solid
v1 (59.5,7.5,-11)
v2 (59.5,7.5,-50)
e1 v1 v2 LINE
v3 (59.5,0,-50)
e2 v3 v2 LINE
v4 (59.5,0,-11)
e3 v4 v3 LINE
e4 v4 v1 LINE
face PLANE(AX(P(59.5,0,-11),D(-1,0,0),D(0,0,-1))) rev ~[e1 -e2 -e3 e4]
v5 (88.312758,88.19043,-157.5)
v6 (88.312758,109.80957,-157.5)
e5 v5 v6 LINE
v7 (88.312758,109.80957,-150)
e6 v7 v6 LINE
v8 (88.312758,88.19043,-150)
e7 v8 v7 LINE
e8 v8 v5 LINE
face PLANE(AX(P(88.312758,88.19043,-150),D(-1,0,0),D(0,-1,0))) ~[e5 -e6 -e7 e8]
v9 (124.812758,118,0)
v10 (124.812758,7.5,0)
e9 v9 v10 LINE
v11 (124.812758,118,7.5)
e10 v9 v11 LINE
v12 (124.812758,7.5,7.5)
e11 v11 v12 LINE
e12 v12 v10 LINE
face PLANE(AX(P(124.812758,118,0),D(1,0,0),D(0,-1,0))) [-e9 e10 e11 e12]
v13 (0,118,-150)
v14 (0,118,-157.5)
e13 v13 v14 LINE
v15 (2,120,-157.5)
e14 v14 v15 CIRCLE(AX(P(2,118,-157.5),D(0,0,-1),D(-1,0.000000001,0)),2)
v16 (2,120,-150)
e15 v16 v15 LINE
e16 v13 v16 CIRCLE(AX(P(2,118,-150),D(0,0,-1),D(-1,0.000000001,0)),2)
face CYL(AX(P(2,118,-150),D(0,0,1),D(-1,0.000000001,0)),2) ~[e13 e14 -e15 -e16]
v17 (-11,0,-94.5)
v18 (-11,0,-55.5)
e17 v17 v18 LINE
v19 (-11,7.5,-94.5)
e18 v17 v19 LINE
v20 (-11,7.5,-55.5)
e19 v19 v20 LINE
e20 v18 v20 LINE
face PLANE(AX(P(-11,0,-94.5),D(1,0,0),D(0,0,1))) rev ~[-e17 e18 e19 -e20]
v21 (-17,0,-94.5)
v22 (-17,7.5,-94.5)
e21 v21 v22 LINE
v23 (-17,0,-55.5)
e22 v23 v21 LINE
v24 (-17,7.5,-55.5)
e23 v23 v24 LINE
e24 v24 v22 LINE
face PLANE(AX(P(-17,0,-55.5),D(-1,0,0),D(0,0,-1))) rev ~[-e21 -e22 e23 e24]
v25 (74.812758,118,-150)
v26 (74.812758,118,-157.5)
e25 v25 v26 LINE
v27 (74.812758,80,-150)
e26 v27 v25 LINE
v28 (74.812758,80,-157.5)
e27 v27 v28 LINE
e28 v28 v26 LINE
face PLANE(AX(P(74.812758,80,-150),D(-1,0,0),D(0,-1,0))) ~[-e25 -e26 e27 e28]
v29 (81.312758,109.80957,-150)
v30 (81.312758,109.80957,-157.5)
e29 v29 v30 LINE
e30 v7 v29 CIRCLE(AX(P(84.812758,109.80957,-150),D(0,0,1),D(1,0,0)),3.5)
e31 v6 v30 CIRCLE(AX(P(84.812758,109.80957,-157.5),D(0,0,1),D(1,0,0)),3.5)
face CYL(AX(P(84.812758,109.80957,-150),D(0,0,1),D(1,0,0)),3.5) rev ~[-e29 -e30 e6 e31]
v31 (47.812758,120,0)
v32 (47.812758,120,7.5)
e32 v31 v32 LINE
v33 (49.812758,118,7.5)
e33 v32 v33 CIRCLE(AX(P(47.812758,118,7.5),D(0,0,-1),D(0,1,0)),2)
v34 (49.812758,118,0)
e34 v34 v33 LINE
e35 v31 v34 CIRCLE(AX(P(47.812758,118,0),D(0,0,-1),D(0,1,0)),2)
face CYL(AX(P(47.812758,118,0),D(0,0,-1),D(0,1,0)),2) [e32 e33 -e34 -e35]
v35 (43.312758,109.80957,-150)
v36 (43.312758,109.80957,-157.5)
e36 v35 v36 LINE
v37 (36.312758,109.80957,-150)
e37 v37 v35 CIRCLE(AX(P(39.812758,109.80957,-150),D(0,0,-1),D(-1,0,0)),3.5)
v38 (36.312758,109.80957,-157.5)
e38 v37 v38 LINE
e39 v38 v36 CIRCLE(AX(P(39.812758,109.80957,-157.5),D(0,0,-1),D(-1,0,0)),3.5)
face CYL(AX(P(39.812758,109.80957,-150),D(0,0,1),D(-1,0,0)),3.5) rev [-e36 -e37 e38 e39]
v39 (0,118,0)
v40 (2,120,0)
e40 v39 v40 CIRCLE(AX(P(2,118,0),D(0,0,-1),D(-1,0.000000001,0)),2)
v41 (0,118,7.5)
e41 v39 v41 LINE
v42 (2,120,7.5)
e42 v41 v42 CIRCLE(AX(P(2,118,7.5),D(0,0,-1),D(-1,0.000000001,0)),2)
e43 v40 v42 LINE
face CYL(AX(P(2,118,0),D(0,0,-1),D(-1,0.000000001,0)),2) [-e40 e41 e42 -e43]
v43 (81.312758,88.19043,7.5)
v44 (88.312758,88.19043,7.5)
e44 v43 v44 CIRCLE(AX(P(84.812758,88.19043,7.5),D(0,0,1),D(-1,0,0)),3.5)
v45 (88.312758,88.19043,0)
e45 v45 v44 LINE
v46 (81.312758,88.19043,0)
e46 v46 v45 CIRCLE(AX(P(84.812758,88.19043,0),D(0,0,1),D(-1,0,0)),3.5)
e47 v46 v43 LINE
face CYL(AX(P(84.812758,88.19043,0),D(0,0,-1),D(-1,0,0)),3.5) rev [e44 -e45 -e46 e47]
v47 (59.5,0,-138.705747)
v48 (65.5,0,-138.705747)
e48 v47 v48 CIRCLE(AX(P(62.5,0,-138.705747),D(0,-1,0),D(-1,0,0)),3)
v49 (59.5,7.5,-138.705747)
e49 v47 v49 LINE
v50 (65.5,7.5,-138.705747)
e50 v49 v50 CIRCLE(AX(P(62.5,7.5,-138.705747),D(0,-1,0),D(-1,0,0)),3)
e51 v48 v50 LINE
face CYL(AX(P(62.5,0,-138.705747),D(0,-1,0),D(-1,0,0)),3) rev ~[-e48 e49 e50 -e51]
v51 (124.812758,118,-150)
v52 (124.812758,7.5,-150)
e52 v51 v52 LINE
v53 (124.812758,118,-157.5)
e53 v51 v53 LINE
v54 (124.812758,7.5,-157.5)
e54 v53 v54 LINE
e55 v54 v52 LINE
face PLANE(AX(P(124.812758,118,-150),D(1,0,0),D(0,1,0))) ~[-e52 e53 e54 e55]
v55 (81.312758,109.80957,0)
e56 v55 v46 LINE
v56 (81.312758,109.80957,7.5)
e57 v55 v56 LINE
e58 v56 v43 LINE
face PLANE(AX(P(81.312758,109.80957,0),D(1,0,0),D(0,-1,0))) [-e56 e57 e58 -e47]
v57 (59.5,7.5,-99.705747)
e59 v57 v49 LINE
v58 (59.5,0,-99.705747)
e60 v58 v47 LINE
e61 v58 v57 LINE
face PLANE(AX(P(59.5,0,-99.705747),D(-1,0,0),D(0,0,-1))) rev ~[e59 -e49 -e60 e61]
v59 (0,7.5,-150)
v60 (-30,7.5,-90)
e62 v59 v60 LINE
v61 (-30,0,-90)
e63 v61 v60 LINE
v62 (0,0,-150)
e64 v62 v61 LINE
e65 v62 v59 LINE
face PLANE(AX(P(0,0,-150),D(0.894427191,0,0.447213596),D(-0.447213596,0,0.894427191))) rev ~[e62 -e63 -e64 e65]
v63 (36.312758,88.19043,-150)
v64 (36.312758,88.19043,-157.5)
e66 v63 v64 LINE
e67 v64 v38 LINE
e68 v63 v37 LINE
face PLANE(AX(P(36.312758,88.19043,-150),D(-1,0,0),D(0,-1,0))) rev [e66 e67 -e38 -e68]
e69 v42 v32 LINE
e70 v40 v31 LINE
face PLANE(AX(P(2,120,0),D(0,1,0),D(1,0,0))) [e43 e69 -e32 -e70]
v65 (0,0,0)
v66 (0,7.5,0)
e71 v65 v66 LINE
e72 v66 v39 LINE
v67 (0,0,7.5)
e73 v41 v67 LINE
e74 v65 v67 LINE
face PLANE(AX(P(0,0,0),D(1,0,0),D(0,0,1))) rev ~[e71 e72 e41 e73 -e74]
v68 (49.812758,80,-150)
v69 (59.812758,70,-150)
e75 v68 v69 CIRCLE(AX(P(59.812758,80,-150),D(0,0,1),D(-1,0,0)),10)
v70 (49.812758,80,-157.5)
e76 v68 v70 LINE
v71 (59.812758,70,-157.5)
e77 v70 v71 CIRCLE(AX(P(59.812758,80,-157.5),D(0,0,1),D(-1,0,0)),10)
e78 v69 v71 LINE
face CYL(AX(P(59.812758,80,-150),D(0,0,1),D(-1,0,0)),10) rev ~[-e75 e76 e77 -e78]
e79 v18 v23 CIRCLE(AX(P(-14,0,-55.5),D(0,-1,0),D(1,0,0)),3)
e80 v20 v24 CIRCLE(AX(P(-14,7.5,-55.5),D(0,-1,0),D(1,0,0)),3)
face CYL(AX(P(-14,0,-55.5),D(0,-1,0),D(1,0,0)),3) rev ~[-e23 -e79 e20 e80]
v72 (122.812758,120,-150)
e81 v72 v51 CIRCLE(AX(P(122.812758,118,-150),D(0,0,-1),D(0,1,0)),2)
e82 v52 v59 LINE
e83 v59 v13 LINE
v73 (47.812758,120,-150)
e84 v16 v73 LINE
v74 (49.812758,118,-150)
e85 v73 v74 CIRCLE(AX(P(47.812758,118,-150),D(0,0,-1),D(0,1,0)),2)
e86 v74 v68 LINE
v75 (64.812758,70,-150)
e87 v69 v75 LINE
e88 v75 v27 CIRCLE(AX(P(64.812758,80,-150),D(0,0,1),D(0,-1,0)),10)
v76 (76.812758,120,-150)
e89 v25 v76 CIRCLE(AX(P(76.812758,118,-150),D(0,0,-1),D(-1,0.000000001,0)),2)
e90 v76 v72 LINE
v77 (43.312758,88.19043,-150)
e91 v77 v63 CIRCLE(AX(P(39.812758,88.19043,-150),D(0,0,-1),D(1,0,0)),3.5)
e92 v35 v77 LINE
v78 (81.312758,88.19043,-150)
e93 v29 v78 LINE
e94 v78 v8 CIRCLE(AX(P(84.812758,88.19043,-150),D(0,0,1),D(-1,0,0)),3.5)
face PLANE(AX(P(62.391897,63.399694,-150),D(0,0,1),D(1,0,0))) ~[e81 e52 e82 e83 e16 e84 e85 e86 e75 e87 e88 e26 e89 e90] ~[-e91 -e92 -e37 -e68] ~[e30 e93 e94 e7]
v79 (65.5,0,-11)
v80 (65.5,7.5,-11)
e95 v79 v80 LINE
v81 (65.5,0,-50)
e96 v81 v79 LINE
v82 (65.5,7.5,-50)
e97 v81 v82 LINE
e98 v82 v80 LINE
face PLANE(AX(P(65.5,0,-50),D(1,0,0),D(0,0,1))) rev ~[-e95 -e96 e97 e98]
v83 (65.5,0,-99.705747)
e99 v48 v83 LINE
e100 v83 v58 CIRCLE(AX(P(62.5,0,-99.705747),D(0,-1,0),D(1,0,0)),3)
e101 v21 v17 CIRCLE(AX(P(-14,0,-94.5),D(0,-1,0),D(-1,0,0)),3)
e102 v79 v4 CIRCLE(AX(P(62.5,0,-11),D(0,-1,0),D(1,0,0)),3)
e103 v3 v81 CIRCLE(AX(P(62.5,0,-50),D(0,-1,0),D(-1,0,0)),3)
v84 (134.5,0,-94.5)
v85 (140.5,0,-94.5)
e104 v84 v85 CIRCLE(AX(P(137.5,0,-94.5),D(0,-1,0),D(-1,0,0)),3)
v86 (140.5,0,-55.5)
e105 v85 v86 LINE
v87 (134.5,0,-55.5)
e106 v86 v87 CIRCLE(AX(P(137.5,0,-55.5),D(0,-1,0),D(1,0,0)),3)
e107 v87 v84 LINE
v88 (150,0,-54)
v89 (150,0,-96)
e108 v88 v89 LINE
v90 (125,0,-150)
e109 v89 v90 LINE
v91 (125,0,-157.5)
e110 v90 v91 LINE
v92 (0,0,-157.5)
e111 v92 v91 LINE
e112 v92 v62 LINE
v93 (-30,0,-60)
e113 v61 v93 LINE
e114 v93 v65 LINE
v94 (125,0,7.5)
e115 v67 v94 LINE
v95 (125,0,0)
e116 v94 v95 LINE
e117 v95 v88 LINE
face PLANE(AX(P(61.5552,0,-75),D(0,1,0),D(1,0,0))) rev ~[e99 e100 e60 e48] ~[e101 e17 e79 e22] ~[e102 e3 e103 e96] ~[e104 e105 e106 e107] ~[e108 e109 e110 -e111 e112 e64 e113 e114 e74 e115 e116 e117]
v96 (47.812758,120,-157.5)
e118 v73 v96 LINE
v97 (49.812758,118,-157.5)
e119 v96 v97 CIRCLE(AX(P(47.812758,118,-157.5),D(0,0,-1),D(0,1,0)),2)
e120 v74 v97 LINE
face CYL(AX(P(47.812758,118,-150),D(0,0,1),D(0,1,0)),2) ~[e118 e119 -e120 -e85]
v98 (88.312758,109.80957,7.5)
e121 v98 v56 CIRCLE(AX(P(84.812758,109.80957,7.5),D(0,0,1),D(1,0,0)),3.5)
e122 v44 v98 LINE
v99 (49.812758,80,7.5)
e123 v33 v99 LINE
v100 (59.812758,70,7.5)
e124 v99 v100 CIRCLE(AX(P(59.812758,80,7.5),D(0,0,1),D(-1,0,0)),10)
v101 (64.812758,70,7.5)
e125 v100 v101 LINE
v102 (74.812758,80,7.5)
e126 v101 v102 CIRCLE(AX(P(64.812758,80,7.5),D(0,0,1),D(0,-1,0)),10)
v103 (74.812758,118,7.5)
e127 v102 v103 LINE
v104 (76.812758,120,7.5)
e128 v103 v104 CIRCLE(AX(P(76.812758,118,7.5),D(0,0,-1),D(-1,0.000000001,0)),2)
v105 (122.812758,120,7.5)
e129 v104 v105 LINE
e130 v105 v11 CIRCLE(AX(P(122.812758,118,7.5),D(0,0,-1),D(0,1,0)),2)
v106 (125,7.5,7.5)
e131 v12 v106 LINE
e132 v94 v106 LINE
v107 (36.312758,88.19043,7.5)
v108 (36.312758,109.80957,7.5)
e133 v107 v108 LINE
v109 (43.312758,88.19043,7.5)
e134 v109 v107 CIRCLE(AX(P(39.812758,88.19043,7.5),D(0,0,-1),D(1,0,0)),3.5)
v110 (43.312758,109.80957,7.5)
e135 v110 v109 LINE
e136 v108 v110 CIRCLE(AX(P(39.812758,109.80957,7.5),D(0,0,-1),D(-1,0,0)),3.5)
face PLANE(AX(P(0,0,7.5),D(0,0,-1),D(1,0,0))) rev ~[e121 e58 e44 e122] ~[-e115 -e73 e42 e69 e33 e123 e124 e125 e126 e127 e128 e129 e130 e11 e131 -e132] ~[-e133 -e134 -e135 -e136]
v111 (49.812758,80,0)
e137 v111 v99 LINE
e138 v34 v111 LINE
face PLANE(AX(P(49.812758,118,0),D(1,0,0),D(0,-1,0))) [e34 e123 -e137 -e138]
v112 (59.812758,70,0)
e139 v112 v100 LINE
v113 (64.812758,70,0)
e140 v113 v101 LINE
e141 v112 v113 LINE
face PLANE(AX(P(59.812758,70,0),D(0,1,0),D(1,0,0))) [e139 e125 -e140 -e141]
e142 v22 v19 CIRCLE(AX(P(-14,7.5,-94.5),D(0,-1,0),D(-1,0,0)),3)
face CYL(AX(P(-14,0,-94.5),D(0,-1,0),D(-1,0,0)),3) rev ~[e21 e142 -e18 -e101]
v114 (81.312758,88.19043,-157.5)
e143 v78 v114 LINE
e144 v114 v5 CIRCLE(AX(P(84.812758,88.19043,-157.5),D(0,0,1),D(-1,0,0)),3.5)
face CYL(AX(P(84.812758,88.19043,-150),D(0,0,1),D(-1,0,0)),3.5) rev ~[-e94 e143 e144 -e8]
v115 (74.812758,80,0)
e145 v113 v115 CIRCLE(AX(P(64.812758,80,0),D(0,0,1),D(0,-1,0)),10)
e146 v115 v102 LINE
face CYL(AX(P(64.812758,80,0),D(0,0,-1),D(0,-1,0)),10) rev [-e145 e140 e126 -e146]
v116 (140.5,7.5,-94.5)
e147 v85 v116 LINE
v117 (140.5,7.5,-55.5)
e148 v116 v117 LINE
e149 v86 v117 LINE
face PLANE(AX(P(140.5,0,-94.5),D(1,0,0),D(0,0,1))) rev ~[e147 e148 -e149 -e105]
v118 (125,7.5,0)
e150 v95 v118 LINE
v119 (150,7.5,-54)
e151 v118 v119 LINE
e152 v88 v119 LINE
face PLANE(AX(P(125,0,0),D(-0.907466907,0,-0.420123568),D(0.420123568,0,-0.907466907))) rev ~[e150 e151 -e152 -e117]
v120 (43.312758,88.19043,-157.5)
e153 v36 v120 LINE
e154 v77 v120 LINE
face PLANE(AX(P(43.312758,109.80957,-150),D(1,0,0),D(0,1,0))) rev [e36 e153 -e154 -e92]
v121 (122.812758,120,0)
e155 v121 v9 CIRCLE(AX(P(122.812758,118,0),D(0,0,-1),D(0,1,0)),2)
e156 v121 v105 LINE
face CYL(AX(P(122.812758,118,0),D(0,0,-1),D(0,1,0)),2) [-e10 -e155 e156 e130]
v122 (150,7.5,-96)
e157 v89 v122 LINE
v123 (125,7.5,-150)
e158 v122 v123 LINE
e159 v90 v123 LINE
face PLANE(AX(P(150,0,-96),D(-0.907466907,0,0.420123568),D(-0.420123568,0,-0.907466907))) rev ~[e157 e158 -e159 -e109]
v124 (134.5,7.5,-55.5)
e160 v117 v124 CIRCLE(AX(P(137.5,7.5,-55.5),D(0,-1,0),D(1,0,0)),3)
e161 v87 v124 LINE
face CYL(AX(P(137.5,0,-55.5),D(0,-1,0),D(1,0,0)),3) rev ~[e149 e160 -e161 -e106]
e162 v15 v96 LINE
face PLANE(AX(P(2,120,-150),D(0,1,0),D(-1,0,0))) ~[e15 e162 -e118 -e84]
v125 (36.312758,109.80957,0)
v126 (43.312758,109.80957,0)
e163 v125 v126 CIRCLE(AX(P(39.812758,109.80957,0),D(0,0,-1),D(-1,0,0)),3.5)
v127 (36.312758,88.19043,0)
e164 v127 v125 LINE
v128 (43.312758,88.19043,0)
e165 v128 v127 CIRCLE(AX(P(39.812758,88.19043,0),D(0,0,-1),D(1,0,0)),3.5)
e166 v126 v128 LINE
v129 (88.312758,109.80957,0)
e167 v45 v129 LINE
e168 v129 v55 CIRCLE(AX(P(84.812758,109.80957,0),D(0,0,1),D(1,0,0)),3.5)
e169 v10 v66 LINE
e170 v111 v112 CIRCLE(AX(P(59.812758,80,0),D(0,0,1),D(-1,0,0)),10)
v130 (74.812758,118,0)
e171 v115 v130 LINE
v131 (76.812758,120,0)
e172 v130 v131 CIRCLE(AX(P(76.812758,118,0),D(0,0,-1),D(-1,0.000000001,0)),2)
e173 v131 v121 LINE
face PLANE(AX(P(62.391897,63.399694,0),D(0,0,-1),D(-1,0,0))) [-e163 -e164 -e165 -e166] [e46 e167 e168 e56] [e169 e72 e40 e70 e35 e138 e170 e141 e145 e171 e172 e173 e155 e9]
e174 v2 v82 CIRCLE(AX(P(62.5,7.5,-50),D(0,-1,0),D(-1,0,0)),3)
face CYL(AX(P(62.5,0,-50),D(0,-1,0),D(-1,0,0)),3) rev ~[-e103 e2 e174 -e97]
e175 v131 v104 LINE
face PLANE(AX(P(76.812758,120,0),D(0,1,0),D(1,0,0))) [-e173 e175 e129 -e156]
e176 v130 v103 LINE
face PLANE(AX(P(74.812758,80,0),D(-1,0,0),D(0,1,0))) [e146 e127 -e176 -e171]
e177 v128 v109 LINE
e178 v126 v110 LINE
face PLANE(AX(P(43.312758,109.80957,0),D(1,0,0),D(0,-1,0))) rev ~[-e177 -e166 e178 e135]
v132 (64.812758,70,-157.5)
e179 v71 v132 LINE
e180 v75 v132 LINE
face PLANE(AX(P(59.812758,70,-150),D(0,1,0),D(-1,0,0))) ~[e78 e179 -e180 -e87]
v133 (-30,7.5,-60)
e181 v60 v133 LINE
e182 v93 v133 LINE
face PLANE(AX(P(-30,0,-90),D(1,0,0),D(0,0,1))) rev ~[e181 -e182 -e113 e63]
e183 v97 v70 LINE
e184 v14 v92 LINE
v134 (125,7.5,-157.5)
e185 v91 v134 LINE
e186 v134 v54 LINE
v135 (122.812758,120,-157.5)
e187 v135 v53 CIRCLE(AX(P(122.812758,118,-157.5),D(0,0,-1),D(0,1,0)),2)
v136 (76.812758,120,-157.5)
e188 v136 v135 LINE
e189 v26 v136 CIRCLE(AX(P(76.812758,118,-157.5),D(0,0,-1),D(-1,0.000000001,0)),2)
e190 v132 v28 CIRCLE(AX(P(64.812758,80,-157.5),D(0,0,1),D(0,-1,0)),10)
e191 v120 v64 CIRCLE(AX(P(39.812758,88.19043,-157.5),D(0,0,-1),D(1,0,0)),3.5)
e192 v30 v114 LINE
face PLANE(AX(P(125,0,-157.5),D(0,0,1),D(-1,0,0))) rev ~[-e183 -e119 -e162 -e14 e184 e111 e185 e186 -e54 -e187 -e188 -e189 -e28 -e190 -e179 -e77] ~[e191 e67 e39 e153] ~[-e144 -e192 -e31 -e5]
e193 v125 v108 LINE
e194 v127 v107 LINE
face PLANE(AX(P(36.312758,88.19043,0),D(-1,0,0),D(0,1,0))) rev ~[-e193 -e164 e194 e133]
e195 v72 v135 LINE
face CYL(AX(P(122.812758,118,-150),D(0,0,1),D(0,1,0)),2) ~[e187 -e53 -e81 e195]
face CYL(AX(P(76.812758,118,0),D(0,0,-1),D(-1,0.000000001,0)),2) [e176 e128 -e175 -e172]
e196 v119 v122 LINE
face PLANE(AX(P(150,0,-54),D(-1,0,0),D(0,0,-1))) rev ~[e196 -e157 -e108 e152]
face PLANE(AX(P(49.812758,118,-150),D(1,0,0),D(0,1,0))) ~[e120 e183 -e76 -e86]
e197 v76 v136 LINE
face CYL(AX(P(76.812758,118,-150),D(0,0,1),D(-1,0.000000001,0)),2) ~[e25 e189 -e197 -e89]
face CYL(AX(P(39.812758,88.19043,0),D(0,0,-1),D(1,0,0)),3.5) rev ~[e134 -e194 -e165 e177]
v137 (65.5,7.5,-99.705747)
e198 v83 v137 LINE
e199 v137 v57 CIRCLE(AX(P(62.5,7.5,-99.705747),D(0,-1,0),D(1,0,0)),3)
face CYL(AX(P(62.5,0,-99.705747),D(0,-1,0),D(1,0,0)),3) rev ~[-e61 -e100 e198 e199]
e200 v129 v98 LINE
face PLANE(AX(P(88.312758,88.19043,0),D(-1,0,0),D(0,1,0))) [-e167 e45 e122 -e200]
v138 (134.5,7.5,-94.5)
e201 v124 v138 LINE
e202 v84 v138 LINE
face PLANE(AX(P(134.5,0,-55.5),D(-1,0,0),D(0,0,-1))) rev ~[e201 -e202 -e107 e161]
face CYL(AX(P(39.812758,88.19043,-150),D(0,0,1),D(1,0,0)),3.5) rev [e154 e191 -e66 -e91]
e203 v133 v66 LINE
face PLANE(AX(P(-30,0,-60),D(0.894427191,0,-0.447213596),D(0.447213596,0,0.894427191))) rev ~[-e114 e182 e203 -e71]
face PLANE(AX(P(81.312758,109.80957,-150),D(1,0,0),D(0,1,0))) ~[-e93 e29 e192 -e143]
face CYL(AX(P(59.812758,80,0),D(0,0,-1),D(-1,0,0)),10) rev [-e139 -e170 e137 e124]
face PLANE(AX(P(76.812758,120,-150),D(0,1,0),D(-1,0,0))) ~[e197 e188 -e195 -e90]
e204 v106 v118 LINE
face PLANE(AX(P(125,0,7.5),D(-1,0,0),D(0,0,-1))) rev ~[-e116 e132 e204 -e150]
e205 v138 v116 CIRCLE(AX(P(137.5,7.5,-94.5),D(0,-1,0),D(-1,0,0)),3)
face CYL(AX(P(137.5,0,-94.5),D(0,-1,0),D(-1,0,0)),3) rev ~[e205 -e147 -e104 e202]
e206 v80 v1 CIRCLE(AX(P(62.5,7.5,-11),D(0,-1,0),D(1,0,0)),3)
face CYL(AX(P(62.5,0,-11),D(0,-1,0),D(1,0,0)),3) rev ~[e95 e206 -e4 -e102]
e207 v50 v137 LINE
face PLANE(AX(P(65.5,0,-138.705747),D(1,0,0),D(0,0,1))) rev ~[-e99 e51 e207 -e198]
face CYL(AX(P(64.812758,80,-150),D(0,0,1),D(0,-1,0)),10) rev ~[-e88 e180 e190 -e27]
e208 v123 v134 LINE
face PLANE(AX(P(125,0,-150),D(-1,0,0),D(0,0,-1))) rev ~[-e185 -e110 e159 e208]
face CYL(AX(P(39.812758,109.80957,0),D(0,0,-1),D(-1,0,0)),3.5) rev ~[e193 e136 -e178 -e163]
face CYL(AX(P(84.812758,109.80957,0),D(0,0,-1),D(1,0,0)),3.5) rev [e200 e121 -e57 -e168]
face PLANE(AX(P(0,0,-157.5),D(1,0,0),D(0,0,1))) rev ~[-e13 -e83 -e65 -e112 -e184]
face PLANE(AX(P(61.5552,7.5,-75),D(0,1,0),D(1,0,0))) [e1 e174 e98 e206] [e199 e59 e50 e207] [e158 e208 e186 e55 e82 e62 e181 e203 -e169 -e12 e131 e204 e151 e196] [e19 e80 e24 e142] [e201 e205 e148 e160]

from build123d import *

# Parameters (mm, degrees)
BOSS_EXTRUDE6_DEPTH = 7.5
BOSS_EXTRUDE7_DEPTH = 7.5


with BuildPart() as part:
    # Sketch1 → Boss-Extrude6 (new body)
    with BuildSketch(Plane(origin=(0, 0, 0), x_dir=(1, 0, 0), z_dir=(0, 1, 0))):
        Polygon((0, -7.5), (125, -7.5), (125, 0), (150, 54), (150, 96), (125, 150), (125, 157.5), (0, 157.5), (0, 150), (-30, 90), (-30, 60), (0, 0), align=None)
        with BuildLine():
            Line((134.5, 55.5), (134.5, 94.5))
            ThreePointArc((134.5, 94.5), (137.5, 97.5), (140.5, 94.5))
            Line((140.5, 94.5), (140.5, 55.5))
            ThreePointArc((140.5, 55.5), (137.5, 52.5), (134.5, 55.5))
        make_face(mode=Mode.SUBTRACT)
        with BuildLine():
            Line((-17, 55.5), (-17, 94.5))
            ThreePointArc((-17, 94.5), (-14, 97.5), (-11, 94.5))
            Line((-11, 94.5), (-11, 55.5))
            ThreePointArc((-11, 55.5), (-14, 52.5), (-17, 55.5))
        make_face(mode=Mode.SUBTRACT)
        with BuildLine():
            Line((59.5, 11), (59.5, 50))
            ThreePointArc((59.5, 50), (62.5, 53), (65.5, 50))
            Line((65.5, 50), (65.5, 11))
            ThreePointArc((65.5, 11), (62.5, 8), (59.5, 11))
        make_face(mode=Mode.SUBTRACT)
        with BuildLine():
            Line((65.5, 138.705746838), (65.5, 99.705746838))
            ThreePointArc((65.5, 99.705746838), (62.5, 96.705746838), (59.5, 99.705746838))
            Line((59.5, 99.705746838), (59.5, 138.705746838))
            ThreePointArc((59.5, 138.705746838), (62.5, 141.705746839), (65.5, 138.705746838))
        make_face(mode=Mode.SUBTRACT)
    extrude(amount=BOSS_EXTRUDE6_DEPTH)

    # Sketch2 → Boss-Extrude7 (add)
    with BuildSketch(Plane.XY):
        with BuildLine():
            Line((0, 0), (0, 118))
            ThreePointArc((0, 118), (0.585786438, 119.414213562), (2, 120))
            Line((2, 120), (47.812758192, 120))
            ThreePointArc((47.812758192, 120), (49.226971755, 119.414213562), (49.812758192, 118))
            Line((49.812758192, 118), (49.812758192, 80))
            ThreePointArc((49.812758192, 80), (52.74169038, 72.928932188), (59.812758192, 70))
            Line((59.812758192, 70), (64.812758192, 70))
            ThreePointArc((64.812758192, 70), (71.883826004, 72.928932188), (74.812758192, 80))
            Line((74.812758192, 80), (74.812758192, 118))
            ThreePointArc((74.812758192, 118), (75.39854463, 119.414213562), (76.812758192, 120))
            Line((76.812758192, 120), (122.812758192, 120))
            ThreePointArc((122.812758192, 120), (124.226971755, 119.414213562), (124.812758192, 118))
            Line((124.812758192, 118), (124.812758192, 0))
            Line((124.812758192, 0), (0, 0))
        make_face()
        with BuildLine():
            Line((36.312758192, 88.190430343), (36.312758192, 109.809569657))
            ThreePointArc((36.312758192, 109.809569657), (39.812758192, 113.309569657), (43.312758192, 109.809569657))
            Line((43.312758192, 109.809569657), (43.312758192, 88.190430343))
            ThreePointArc((43.312758192, 88.190430343), (39.812758192, 84.690430343), (36.312758192, 88.190430343))
        make_face(mode=Mode.SUBTRACT)
        with BuildLine():
            Line((88.312758192, 88.190430343), (88.312758192, 109.809569657))
            ThreePointArc((88.312758192, 109.809569657), (84.812758192, 113.309569657), (81.312758192, 109.809569657))
            Line((81.312758192, 109.809569657), (81.312758192, 88.190430343))
            ThreePointArc((81.312758192, 88.190430343), (84.812758192, 84.690430343), (88.312758192, 88.190430343))
        make_face(mode=Mode.SUBTRACT)
    boss_extrude7 = extrude(amount=BOSS_EXTRUDE7_DEPTH)

    # Mirror1: Boss-Extrude7 across plane
    add(boss_extrude7.mirror(Plane(origin=(0, 0, -75), x_dir=(1, 0, 0), z_dir=(0, 0, -1))))


solid = part.part
